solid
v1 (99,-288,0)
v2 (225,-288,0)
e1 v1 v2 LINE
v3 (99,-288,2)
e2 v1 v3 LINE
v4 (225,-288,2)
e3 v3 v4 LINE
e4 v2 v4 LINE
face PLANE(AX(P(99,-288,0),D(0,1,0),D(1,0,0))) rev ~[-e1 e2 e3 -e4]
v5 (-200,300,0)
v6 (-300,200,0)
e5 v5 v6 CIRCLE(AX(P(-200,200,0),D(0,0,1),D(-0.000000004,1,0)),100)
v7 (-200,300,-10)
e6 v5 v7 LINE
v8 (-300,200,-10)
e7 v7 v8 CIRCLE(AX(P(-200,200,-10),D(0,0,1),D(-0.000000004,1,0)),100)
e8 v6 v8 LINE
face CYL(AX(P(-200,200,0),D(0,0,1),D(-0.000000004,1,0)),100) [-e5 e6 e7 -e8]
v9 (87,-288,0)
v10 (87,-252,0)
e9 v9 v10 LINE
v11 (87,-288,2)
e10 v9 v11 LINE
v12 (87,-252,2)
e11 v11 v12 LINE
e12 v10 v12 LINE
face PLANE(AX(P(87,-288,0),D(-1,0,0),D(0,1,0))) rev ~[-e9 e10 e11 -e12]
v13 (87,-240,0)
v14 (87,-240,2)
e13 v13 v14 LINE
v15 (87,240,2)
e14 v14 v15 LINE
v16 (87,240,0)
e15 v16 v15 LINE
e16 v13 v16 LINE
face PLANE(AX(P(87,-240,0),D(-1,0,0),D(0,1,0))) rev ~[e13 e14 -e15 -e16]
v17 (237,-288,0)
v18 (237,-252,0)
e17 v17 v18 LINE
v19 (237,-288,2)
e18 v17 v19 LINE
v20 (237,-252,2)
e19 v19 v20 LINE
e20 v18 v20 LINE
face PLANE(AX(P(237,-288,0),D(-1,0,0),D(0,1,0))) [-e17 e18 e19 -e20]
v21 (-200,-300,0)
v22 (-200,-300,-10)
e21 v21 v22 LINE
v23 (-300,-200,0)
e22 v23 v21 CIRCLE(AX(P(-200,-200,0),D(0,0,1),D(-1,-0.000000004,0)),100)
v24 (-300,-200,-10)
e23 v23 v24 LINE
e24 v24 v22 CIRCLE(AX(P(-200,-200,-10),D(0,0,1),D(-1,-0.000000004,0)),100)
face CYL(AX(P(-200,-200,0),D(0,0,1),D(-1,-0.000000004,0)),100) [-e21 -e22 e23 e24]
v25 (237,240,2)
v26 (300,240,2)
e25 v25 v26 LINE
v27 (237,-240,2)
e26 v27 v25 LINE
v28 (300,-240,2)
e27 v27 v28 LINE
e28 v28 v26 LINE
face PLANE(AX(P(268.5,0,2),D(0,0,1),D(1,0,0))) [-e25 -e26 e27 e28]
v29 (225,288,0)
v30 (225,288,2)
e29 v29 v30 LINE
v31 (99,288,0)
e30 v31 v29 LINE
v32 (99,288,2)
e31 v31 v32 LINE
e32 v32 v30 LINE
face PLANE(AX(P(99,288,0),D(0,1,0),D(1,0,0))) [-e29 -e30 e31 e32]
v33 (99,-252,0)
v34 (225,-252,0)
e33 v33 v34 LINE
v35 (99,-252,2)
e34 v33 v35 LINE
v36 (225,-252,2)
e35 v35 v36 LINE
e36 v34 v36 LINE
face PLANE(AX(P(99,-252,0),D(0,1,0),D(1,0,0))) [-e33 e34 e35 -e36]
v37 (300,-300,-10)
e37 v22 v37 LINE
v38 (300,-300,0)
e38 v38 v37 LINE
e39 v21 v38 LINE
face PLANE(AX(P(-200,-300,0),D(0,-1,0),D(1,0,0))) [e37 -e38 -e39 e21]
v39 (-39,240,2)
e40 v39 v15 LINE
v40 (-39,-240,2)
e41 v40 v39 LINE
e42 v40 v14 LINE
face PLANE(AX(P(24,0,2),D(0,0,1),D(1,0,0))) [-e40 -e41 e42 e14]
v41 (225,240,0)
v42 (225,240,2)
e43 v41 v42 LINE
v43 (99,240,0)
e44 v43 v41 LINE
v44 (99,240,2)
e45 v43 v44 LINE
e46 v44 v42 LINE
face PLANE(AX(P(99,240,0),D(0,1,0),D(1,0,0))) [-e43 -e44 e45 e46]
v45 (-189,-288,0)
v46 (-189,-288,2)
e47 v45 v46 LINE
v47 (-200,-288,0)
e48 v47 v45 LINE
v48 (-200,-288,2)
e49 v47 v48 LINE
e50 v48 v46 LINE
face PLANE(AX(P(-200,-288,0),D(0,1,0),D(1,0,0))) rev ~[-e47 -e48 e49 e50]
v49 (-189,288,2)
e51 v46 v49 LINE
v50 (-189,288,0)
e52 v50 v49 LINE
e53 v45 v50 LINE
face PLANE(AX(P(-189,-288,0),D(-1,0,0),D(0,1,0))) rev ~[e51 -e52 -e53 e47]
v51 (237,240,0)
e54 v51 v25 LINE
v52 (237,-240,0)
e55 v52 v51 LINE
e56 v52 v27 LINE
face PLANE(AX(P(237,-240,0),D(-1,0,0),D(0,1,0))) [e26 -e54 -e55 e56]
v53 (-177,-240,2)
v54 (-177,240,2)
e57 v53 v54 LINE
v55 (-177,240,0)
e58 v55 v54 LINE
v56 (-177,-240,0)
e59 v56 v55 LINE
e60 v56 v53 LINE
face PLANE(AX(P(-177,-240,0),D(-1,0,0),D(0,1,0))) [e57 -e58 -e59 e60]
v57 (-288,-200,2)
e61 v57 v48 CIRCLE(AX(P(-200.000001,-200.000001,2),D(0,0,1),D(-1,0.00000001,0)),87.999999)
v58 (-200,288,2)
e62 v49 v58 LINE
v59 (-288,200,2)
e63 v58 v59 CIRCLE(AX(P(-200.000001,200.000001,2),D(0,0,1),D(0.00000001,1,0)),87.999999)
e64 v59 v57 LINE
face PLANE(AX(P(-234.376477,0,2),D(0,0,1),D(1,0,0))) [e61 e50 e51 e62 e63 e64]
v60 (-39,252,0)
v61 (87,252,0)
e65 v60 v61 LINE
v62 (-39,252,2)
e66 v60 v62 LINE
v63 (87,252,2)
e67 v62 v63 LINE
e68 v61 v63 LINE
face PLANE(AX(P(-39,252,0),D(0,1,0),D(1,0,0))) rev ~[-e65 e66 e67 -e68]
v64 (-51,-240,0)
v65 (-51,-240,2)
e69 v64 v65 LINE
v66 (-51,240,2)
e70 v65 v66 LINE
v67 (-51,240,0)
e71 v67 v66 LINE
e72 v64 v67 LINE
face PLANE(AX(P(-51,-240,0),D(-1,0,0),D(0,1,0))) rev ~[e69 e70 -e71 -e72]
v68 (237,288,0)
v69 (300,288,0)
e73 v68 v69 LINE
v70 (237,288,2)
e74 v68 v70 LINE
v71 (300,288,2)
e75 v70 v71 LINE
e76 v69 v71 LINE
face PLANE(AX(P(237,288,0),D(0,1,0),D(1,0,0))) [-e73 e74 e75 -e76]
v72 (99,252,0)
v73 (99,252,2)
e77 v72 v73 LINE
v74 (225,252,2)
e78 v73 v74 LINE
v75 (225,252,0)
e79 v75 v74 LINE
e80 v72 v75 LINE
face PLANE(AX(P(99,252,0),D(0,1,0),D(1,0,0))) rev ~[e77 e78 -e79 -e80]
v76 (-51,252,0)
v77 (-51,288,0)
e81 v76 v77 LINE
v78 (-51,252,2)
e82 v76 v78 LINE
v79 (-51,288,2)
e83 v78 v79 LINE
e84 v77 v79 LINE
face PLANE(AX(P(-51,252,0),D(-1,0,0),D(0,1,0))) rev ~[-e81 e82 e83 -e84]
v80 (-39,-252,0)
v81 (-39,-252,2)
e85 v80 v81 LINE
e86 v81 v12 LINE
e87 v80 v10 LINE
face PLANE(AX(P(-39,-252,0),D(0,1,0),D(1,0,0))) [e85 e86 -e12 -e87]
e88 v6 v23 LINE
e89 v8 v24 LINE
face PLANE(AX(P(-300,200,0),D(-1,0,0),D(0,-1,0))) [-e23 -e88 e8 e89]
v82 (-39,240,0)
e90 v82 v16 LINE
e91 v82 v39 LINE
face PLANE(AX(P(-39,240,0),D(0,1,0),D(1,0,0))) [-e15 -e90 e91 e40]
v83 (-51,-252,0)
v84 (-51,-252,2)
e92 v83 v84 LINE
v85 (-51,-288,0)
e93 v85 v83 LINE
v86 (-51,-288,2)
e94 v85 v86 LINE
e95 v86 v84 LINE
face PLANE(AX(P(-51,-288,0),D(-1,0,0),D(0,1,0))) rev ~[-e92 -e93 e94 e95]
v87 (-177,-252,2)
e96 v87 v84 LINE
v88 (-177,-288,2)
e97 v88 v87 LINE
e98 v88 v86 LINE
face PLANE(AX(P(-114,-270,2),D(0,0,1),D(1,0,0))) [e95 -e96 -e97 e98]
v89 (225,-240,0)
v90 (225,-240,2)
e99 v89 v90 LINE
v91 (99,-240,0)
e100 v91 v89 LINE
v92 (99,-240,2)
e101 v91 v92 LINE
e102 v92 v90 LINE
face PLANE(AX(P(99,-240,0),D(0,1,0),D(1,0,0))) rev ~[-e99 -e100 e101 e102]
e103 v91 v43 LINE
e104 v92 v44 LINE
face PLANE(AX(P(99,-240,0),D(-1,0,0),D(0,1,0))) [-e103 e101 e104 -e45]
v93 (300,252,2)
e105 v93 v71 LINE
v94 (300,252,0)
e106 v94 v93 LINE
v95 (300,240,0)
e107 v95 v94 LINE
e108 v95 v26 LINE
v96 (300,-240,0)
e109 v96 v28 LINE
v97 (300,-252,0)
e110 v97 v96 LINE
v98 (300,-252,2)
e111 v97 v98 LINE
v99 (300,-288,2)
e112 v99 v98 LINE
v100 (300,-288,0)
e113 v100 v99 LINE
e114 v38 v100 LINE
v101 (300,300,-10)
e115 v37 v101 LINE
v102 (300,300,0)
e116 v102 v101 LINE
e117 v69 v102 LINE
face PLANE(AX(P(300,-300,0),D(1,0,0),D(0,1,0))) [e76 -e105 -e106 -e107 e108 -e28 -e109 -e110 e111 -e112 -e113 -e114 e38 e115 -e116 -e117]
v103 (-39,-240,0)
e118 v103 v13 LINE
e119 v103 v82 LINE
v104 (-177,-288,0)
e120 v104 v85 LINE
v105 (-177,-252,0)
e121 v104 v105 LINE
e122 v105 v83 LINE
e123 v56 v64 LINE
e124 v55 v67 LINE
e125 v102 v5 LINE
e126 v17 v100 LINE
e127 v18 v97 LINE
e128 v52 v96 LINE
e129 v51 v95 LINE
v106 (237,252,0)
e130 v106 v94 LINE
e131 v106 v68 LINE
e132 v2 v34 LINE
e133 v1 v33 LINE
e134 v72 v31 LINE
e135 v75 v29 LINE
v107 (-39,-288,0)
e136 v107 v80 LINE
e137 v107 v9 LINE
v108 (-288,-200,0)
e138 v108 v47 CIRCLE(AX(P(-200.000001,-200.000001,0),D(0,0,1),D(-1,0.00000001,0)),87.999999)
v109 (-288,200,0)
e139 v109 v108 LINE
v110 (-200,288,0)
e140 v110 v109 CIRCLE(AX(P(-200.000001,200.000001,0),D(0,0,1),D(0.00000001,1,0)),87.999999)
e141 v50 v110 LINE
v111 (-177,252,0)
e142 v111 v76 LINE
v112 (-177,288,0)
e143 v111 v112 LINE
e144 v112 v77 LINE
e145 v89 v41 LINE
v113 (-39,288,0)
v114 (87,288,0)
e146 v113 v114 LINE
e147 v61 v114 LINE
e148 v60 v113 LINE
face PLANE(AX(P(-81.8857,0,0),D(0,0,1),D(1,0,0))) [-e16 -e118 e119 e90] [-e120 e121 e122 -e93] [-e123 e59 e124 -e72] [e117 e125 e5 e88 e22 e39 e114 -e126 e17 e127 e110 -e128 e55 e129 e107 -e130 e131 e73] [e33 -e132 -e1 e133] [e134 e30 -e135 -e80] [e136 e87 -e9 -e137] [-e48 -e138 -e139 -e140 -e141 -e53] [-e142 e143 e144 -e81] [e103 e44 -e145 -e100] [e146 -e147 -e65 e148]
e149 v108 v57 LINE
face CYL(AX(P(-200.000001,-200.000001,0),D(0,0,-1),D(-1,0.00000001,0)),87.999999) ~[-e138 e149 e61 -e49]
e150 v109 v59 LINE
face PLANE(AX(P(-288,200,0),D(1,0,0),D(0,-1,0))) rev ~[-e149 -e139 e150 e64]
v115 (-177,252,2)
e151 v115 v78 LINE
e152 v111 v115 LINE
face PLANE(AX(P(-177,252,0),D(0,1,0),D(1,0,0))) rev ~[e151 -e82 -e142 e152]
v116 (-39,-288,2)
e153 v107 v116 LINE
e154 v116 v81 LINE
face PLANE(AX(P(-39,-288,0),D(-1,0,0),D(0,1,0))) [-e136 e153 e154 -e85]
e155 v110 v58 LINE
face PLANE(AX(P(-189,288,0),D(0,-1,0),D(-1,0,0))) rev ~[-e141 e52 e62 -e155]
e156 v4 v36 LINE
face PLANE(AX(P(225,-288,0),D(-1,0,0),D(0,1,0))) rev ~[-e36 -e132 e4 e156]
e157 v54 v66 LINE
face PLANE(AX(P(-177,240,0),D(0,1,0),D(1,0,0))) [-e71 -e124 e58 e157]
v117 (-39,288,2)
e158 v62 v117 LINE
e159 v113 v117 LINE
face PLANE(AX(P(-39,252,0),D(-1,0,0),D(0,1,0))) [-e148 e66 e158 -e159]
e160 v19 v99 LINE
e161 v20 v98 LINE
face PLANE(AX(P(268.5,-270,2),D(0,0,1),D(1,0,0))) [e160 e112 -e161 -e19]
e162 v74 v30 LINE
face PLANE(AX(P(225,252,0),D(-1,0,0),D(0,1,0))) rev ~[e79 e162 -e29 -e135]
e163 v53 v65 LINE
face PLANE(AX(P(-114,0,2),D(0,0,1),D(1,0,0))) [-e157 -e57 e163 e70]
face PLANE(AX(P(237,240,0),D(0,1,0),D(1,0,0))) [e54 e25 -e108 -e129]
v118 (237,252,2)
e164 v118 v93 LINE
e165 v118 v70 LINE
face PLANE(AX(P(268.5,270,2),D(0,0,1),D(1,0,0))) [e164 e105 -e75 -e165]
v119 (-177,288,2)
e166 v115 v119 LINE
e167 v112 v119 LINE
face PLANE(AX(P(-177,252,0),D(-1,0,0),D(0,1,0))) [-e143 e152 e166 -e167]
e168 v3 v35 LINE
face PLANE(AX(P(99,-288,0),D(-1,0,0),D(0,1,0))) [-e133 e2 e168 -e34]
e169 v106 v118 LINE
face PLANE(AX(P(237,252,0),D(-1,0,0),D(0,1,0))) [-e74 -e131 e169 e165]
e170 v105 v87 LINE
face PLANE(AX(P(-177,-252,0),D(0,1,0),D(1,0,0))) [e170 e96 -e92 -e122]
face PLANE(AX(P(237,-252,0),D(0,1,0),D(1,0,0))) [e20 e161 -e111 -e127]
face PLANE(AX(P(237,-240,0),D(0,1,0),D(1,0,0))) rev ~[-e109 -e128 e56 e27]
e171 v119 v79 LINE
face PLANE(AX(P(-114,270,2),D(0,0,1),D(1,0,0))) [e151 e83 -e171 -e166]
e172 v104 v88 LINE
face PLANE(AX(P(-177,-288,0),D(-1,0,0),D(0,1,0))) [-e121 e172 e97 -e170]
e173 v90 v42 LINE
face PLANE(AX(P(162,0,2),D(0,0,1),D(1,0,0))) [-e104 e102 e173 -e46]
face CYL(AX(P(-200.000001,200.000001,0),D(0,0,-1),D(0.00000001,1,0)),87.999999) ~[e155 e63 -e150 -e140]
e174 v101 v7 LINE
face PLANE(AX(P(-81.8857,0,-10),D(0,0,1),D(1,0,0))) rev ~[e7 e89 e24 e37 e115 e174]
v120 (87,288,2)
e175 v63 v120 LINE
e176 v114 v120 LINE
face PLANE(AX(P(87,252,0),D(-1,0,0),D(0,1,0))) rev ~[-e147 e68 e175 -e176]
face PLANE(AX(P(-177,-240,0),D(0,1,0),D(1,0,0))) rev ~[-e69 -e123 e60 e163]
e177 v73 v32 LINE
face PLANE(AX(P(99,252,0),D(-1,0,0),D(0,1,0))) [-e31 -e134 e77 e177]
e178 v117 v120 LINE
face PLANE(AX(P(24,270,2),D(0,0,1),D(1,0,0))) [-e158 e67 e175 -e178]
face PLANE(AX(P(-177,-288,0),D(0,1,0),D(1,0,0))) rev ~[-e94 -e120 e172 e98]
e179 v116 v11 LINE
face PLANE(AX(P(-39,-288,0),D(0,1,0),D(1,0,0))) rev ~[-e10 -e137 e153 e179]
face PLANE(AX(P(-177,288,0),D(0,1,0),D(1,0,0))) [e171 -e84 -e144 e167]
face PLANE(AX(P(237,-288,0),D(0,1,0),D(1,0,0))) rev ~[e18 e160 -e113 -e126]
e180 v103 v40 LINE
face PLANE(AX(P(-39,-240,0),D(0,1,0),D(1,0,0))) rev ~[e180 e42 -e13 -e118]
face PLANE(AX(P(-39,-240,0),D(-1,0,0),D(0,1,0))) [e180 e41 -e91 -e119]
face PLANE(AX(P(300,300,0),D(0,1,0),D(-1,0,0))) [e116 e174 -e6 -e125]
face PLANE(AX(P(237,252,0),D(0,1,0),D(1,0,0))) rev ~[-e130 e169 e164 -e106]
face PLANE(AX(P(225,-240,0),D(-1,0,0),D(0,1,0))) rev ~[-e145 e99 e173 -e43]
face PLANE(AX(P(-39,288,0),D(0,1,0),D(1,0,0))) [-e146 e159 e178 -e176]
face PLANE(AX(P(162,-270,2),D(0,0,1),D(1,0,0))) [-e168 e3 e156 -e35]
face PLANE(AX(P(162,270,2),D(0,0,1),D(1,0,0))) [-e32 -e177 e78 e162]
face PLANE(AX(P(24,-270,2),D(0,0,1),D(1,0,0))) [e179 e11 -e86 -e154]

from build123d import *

# Parameters (mm, degrees)
F1_DEPTH = 10
F2_W     = 63
F2_H     = 36
F2_H_2   = 480
F2_W_2   = 126
F3_DEPTH = 2


with BuildPart() as f1:
    # F0 (on Top) → F1 (new body)
    with BuildSketch(Plane.XY):
        with BuildLine():
            Line((300, 288), (300, 300))
            Line((300, 300), (-200, 300))
            ThreePointArc((-200, 300), (-270.710678, 270.710678), (-300, 200))
            Line((-300, 200), (-300, -200))
            ThreePointArc((-300, -200), (-270.710678, -270.710678), (-200, -300))
            Line((-200, -300), (300, -300))
            Line((300, -300), (300, -288))
            Line((300, -288), (-200, -288))
            ThreePointArc((-200, -288), (-262.225397, -262.225397), (-288, -200))
            Line((-288, -200), (-288, 200))
            ThreePointArc((-288, 200), (-262.225397, 262.225397), (-200, 288))
            Line((-200, 288), (300, 288))
        make_face()
        with BuildLine():
            Line((300, -288), (300, 288))
            Line((300, 288), (-200, 288))
            ThreePointArc((-200, 288), (-262.225397, 262.225397), (-288, 200))
            Line((-288, 200), (-288, -200))
            ThreePointArc((-288, -200), (-262.225397, -262.225397), (-200, -288))
            Line((-200, -288), (300, -288))
        make_face()
    extrude(amount=-F1_DEPTH)

    # F2 (on Top) → F3 (join)
    with BuildSketch(Plane.XY):
        with Locations((268.5, -270)):
            Rectangle(F2_W, F2_H)
        with Locations((268.5, 0)):
            Rectangle(F2_W, F2_H_2)
        with Locations((268.5, 270)):
            Rectangle(F2_W, F2_H)
        with BuildLine():
            ThreePointArc((-288, -200), (-262.225397, -262.225397), (-200, -288))
            Line((-200, -288), (-189, -288))
            Line((-189, -288), (-189, 252))
            Line((-189, 252), (-189, 288))
            Line((-189, 288), (-200, 288))
            ThreePointArc((-200, 288), (-262.225397, 262.225397), (-288, 200))
            Line((-288, 200), (-288, -200))
        make_face()
        with Locations((-114, 270)):
            Rectangle(F2_W_2, F2_H)
        with Locations((24, 270)):
            Rectangle(F2_W_2, F2_H)
        with Locations((162, 270)):
            Rectangle(F2_W_2, F2_H)
        with Locations((-114, -270)):
            Rectangle(F2_W_2, F2_H)
        with Locations((-114, 0)):
            Rectangle(F2_W_2, F2_H_2)
        with Locations((24, 0)):
            Rectangle(F2_W_2, F2_H_2)
        with Locations((162, -270)):
            Rectangle(F2_W_2, F2_H)
        with Locations((162, 0)):
            Rectangle(F2_W_2, F2_H_2)
        with Locations((24, -270)):
            Rectangle(F2_W_2, F2_H)
    extrude(amount=F3_DEPTH)


solid = f1.part
